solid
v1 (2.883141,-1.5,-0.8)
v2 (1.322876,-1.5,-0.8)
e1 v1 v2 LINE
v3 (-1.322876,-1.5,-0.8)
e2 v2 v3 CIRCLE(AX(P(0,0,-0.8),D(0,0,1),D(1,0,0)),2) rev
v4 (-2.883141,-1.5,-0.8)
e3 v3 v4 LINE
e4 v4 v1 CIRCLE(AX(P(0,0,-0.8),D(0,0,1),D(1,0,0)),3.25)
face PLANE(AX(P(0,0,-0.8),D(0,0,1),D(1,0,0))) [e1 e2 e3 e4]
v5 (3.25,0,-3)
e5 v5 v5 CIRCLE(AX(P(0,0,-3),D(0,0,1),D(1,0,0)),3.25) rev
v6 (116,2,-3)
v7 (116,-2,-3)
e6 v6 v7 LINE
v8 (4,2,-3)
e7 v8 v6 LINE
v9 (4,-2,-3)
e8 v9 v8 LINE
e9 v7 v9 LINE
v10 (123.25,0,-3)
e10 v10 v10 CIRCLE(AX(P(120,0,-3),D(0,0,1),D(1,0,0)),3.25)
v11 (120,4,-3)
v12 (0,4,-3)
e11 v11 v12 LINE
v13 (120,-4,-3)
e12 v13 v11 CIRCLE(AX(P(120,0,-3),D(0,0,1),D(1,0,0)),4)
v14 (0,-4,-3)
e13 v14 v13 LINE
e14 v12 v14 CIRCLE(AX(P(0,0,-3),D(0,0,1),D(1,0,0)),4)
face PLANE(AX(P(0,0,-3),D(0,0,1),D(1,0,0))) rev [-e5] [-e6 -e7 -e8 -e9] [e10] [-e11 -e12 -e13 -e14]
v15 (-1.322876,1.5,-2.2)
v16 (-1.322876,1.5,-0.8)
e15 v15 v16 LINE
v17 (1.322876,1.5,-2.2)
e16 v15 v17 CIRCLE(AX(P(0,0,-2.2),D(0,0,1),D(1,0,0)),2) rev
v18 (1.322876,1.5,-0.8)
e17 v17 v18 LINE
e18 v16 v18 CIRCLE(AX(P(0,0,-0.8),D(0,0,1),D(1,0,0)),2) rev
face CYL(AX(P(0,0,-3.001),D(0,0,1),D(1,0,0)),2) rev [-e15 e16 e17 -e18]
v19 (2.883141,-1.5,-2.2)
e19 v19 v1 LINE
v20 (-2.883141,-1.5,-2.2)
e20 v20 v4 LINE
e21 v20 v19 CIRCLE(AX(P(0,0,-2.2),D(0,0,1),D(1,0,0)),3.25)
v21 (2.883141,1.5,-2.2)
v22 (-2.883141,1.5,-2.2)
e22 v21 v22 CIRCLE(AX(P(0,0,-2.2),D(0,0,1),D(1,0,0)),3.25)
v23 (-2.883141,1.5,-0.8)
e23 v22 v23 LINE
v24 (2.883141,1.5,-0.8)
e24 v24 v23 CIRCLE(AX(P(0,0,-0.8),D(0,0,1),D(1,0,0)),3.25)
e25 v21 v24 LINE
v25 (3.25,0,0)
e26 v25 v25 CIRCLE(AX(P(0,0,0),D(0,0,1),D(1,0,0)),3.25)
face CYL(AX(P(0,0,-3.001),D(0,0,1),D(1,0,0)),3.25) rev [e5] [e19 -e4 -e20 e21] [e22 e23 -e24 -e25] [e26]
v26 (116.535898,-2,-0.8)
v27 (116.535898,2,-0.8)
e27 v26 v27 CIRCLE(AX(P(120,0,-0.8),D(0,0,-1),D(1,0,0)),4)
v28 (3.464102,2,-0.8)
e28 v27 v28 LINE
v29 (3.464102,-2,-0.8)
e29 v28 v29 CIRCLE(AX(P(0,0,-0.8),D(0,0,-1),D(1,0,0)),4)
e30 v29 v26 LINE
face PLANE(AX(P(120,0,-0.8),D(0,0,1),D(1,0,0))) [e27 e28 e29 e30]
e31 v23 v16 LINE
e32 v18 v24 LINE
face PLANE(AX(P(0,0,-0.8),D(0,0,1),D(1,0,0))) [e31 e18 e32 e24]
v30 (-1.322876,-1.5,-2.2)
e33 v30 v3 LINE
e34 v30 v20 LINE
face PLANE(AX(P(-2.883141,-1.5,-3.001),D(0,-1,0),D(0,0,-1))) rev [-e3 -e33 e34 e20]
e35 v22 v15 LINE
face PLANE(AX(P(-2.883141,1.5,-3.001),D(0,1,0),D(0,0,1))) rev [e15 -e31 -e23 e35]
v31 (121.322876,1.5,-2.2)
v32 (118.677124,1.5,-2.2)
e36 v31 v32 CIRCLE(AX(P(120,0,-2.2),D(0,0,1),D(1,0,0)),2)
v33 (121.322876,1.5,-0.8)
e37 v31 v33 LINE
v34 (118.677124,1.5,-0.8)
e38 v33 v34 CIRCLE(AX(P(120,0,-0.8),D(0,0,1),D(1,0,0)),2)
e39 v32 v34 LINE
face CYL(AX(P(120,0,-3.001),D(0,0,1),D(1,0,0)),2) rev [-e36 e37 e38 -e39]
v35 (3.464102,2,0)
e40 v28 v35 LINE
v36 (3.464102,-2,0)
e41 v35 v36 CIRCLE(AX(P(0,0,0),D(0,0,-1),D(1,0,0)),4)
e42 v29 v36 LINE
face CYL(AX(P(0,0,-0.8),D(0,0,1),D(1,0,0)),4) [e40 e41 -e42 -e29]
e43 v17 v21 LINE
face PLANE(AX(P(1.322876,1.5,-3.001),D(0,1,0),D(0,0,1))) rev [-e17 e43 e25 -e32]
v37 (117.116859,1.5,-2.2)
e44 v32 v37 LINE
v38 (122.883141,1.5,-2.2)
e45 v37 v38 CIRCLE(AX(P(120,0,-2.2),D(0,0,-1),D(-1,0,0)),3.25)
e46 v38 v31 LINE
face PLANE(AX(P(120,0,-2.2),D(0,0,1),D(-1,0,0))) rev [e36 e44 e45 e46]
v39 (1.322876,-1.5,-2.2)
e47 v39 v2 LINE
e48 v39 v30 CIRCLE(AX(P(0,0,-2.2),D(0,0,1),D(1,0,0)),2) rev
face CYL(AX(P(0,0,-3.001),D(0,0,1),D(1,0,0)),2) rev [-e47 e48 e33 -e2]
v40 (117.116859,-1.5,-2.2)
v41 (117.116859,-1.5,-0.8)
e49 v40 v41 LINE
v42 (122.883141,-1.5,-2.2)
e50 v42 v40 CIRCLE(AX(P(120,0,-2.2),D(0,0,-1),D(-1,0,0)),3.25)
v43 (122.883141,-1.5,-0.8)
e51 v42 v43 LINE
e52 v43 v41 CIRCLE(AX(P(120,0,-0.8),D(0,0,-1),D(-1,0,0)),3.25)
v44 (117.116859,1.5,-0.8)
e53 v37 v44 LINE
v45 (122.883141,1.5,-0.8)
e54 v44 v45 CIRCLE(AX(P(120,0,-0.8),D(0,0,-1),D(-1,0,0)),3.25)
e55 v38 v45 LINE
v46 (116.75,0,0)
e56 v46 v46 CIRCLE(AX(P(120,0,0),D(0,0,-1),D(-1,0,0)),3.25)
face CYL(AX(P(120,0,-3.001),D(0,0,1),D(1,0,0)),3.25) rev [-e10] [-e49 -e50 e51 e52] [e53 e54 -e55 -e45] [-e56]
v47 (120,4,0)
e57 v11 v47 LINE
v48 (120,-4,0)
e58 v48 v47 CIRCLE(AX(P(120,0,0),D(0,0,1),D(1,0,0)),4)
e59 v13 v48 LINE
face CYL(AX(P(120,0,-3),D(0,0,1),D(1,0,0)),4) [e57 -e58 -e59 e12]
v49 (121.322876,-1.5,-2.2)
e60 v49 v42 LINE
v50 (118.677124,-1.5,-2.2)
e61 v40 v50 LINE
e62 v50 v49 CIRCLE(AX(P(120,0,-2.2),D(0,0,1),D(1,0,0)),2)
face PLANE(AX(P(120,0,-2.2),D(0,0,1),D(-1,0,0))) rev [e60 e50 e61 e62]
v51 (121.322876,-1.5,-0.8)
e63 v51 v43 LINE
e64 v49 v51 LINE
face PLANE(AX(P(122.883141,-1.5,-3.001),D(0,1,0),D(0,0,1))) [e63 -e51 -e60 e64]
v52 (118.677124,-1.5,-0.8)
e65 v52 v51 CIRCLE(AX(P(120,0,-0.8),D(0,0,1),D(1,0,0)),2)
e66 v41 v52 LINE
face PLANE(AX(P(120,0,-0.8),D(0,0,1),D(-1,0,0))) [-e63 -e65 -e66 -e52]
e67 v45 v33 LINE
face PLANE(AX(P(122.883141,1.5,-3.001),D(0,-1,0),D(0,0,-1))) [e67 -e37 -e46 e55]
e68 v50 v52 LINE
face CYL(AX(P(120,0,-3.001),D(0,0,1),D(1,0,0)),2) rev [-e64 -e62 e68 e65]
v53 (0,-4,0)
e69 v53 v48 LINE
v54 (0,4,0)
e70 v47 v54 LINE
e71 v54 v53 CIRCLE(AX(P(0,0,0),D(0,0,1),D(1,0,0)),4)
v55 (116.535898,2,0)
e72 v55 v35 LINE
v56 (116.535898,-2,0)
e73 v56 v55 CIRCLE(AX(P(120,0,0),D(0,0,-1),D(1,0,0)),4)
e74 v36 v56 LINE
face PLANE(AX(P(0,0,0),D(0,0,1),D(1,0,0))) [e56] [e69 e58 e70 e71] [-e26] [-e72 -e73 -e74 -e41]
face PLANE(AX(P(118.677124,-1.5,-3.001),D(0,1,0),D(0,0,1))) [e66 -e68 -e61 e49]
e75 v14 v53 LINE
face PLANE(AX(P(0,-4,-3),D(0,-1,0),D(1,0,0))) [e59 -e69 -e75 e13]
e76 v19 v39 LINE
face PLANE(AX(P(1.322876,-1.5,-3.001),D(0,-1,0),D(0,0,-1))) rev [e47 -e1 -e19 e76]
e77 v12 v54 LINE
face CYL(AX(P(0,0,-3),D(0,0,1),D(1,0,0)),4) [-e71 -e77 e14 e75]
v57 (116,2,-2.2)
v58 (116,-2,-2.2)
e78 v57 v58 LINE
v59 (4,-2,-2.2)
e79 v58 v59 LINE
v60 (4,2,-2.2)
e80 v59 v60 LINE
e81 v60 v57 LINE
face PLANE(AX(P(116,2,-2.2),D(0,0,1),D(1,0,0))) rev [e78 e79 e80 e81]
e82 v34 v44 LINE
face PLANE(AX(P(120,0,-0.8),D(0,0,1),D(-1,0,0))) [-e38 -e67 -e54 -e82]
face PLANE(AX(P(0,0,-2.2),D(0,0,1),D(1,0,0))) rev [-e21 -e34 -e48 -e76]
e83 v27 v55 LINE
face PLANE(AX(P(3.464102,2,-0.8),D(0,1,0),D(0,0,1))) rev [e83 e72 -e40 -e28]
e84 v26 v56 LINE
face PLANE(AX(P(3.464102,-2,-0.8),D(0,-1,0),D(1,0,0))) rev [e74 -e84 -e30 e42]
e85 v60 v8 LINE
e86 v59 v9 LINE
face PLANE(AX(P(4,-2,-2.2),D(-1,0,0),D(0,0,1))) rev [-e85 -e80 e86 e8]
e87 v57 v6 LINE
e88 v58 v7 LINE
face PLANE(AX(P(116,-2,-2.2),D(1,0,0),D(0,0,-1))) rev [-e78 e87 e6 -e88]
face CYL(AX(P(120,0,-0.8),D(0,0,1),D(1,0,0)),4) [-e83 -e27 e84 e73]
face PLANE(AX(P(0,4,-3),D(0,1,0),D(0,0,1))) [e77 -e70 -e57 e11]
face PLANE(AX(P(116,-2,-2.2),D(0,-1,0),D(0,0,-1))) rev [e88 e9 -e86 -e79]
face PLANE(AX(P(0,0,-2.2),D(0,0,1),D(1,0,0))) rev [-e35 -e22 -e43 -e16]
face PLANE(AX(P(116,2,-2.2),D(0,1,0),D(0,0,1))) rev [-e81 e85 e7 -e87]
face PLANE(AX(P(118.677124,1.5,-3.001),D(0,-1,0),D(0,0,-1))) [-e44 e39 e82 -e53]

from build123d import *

# Parameters (mm, degrees)
EXTRUDE_1_DEPTH     = 3
CUT_EXTRUDE_1_REACH = 126.101
SKETCH_3_R          = 3.25
CUT_EXTRUDE_2_DEPTH = 0.8
CUT_EXTRUDE_START   = -2.2
SKETCH_3_2_R        = 3.25
CUT_EXTRUDE_3_DEPTH = 0.8
CUT_EXTRUDE_4_DEPTH = 0.8
SKETCH_5_W          = 112
SKETCH_5_H          = 4
CUT_EXTRUDE_5_DEPTH = 0.8


with BuildPart() as part:
    # 草图1 → 凸台-拉伸1 (new body)
    with BuildSketch(Plane.XY):
        with BuildLine():
            Line((0, 4), (120, 4))
            ThreePointArc((120, 4), (124, 0), (120, -4))
            Line((120, -4), (0, -4))
            ThreePointArc((0, -4), (-4, 0), (0, 4))
        make_face()
    extrude(amount=-EXTRUDE_1_DEPTH)

    # 草图2 → 切除-拉伸1 (cut, up to next)
    with BuildSketch(Plane.XY, mode=Mode.PRIVATE) as cut_extrude_1_sk1:
        with BuildLine():
            Line((1.322875656, -1.5), (2.883140649, -1.5))
            ThreePointArc((2.883140649, -1.5), (3.25, 0), (2.883140649, 1.5))
            Line((2.883140649, 1.5), (1.322875656, 1.5))
            ThreePointArc((1.322875656, 1.5), (0, 2), (-1.322875656, 1.5))
            Line((-1.322875656, 1.5), (-2.883140649, 1.5))
            ThreePointArc((-2.883140649, 1.5), (-3.25, 0), (-2.883140649, -1.5))
            Line((-2.883140649, -1.5), (-1.322875656, -1.5))
            ThreePointArc((-1.322875656, -1.5), (0, -2), (1.322875656, -1.5))
        make_face()
    cut_extrude_1_tool1 = extrude(cut_extrude_1_sk1.sketch, amount=-CUT_EXTRUDE_1_REACH, mode=Mode.PRIVATE) & part.part
    cut_extrude_1 = cut_extrude_1_tool1.solids().sort_by_distance((0, 0, 0))[0]
    add(cut_extrude_1, mode=Mode.SUBTRACT)

    # 草图3 → 切除-拉伸2 (cut)
    with BuildSketch(Plane.XY):
        Circle(SKETCH_3_R)
    cut_extrude_2 = extrude(amount=-CUT_EXTRUDE_2_DEPTH, mode=Mode.SUBTRACT)

    # 草图3<2> → 切除-拉伸3 (cut)
    with BuildSketch(Plane.XY.offset(CUT_EXTRUDE_START)):
        Circle(SKETCH_3_2_R)
    cut_extrude_3 = extrude(amount=-CUT_EXTRUDE_3_DEPTH, mode=Mode.SUBTRACT)

    # 镜向1: 切除-拉伸1, 切除-拉伸2, 切除-拉伸3 across plane
    add(cut_extrude_1.mirror(Plane(origin=(60, 0, 0), x_dir=(0, 0, 1), z_dir=(1, 0, 0))), mode=Mode.SUBTRACT)
    add(cut_extrude_2.mirror(Plane(origin=(60, 0, 0), x_dir=(0, 0, 1), z_dir=(1, 0, 0))), mode=Mode.SUBTRACT)
    add(cut_extrude_3.mirror(Plane(origin=(60, 0, 0), x_dir=(0, 0, 1), z_dir=(1, 0, 0))), mode=Mode.SUBTRACT)

    # 草图4 → 切除-拉伸4 (cut)
    with BuildSketch(Plane.XY):
        with BuildLine():
            Line((3.464101615, 2), (116.535898385, 2))
            ThreePointArc((116.535898385, 2), (116, 0), (116.535898385, -2))
            Line((116.535898385, -2), (3.464101615, -2))
            ThreePointArc((3.464101615, -2), (4, 0), (3.464101615, 2))
        make_face()
    extrude(amount=-CUT_EXTRUDE_4_DEPTH, mode=Mode.SUBTRACT)

    # 草图5 → 切除-拉伸5 (cut)
    with BuildSketch(Plane(origin=(0, 0, -3), x_dir=(-1, 0, 0), z_dir=(0, 0, -1))):
        with Locations((-60, 0)):
            Rectangle(SKETCH_5_W, SKETCH_5_H)
    extrude(amount=-CUT_EXTRUDE_5_DEPTH, mode=Mode.SUBTRACT)


solid = part.part
